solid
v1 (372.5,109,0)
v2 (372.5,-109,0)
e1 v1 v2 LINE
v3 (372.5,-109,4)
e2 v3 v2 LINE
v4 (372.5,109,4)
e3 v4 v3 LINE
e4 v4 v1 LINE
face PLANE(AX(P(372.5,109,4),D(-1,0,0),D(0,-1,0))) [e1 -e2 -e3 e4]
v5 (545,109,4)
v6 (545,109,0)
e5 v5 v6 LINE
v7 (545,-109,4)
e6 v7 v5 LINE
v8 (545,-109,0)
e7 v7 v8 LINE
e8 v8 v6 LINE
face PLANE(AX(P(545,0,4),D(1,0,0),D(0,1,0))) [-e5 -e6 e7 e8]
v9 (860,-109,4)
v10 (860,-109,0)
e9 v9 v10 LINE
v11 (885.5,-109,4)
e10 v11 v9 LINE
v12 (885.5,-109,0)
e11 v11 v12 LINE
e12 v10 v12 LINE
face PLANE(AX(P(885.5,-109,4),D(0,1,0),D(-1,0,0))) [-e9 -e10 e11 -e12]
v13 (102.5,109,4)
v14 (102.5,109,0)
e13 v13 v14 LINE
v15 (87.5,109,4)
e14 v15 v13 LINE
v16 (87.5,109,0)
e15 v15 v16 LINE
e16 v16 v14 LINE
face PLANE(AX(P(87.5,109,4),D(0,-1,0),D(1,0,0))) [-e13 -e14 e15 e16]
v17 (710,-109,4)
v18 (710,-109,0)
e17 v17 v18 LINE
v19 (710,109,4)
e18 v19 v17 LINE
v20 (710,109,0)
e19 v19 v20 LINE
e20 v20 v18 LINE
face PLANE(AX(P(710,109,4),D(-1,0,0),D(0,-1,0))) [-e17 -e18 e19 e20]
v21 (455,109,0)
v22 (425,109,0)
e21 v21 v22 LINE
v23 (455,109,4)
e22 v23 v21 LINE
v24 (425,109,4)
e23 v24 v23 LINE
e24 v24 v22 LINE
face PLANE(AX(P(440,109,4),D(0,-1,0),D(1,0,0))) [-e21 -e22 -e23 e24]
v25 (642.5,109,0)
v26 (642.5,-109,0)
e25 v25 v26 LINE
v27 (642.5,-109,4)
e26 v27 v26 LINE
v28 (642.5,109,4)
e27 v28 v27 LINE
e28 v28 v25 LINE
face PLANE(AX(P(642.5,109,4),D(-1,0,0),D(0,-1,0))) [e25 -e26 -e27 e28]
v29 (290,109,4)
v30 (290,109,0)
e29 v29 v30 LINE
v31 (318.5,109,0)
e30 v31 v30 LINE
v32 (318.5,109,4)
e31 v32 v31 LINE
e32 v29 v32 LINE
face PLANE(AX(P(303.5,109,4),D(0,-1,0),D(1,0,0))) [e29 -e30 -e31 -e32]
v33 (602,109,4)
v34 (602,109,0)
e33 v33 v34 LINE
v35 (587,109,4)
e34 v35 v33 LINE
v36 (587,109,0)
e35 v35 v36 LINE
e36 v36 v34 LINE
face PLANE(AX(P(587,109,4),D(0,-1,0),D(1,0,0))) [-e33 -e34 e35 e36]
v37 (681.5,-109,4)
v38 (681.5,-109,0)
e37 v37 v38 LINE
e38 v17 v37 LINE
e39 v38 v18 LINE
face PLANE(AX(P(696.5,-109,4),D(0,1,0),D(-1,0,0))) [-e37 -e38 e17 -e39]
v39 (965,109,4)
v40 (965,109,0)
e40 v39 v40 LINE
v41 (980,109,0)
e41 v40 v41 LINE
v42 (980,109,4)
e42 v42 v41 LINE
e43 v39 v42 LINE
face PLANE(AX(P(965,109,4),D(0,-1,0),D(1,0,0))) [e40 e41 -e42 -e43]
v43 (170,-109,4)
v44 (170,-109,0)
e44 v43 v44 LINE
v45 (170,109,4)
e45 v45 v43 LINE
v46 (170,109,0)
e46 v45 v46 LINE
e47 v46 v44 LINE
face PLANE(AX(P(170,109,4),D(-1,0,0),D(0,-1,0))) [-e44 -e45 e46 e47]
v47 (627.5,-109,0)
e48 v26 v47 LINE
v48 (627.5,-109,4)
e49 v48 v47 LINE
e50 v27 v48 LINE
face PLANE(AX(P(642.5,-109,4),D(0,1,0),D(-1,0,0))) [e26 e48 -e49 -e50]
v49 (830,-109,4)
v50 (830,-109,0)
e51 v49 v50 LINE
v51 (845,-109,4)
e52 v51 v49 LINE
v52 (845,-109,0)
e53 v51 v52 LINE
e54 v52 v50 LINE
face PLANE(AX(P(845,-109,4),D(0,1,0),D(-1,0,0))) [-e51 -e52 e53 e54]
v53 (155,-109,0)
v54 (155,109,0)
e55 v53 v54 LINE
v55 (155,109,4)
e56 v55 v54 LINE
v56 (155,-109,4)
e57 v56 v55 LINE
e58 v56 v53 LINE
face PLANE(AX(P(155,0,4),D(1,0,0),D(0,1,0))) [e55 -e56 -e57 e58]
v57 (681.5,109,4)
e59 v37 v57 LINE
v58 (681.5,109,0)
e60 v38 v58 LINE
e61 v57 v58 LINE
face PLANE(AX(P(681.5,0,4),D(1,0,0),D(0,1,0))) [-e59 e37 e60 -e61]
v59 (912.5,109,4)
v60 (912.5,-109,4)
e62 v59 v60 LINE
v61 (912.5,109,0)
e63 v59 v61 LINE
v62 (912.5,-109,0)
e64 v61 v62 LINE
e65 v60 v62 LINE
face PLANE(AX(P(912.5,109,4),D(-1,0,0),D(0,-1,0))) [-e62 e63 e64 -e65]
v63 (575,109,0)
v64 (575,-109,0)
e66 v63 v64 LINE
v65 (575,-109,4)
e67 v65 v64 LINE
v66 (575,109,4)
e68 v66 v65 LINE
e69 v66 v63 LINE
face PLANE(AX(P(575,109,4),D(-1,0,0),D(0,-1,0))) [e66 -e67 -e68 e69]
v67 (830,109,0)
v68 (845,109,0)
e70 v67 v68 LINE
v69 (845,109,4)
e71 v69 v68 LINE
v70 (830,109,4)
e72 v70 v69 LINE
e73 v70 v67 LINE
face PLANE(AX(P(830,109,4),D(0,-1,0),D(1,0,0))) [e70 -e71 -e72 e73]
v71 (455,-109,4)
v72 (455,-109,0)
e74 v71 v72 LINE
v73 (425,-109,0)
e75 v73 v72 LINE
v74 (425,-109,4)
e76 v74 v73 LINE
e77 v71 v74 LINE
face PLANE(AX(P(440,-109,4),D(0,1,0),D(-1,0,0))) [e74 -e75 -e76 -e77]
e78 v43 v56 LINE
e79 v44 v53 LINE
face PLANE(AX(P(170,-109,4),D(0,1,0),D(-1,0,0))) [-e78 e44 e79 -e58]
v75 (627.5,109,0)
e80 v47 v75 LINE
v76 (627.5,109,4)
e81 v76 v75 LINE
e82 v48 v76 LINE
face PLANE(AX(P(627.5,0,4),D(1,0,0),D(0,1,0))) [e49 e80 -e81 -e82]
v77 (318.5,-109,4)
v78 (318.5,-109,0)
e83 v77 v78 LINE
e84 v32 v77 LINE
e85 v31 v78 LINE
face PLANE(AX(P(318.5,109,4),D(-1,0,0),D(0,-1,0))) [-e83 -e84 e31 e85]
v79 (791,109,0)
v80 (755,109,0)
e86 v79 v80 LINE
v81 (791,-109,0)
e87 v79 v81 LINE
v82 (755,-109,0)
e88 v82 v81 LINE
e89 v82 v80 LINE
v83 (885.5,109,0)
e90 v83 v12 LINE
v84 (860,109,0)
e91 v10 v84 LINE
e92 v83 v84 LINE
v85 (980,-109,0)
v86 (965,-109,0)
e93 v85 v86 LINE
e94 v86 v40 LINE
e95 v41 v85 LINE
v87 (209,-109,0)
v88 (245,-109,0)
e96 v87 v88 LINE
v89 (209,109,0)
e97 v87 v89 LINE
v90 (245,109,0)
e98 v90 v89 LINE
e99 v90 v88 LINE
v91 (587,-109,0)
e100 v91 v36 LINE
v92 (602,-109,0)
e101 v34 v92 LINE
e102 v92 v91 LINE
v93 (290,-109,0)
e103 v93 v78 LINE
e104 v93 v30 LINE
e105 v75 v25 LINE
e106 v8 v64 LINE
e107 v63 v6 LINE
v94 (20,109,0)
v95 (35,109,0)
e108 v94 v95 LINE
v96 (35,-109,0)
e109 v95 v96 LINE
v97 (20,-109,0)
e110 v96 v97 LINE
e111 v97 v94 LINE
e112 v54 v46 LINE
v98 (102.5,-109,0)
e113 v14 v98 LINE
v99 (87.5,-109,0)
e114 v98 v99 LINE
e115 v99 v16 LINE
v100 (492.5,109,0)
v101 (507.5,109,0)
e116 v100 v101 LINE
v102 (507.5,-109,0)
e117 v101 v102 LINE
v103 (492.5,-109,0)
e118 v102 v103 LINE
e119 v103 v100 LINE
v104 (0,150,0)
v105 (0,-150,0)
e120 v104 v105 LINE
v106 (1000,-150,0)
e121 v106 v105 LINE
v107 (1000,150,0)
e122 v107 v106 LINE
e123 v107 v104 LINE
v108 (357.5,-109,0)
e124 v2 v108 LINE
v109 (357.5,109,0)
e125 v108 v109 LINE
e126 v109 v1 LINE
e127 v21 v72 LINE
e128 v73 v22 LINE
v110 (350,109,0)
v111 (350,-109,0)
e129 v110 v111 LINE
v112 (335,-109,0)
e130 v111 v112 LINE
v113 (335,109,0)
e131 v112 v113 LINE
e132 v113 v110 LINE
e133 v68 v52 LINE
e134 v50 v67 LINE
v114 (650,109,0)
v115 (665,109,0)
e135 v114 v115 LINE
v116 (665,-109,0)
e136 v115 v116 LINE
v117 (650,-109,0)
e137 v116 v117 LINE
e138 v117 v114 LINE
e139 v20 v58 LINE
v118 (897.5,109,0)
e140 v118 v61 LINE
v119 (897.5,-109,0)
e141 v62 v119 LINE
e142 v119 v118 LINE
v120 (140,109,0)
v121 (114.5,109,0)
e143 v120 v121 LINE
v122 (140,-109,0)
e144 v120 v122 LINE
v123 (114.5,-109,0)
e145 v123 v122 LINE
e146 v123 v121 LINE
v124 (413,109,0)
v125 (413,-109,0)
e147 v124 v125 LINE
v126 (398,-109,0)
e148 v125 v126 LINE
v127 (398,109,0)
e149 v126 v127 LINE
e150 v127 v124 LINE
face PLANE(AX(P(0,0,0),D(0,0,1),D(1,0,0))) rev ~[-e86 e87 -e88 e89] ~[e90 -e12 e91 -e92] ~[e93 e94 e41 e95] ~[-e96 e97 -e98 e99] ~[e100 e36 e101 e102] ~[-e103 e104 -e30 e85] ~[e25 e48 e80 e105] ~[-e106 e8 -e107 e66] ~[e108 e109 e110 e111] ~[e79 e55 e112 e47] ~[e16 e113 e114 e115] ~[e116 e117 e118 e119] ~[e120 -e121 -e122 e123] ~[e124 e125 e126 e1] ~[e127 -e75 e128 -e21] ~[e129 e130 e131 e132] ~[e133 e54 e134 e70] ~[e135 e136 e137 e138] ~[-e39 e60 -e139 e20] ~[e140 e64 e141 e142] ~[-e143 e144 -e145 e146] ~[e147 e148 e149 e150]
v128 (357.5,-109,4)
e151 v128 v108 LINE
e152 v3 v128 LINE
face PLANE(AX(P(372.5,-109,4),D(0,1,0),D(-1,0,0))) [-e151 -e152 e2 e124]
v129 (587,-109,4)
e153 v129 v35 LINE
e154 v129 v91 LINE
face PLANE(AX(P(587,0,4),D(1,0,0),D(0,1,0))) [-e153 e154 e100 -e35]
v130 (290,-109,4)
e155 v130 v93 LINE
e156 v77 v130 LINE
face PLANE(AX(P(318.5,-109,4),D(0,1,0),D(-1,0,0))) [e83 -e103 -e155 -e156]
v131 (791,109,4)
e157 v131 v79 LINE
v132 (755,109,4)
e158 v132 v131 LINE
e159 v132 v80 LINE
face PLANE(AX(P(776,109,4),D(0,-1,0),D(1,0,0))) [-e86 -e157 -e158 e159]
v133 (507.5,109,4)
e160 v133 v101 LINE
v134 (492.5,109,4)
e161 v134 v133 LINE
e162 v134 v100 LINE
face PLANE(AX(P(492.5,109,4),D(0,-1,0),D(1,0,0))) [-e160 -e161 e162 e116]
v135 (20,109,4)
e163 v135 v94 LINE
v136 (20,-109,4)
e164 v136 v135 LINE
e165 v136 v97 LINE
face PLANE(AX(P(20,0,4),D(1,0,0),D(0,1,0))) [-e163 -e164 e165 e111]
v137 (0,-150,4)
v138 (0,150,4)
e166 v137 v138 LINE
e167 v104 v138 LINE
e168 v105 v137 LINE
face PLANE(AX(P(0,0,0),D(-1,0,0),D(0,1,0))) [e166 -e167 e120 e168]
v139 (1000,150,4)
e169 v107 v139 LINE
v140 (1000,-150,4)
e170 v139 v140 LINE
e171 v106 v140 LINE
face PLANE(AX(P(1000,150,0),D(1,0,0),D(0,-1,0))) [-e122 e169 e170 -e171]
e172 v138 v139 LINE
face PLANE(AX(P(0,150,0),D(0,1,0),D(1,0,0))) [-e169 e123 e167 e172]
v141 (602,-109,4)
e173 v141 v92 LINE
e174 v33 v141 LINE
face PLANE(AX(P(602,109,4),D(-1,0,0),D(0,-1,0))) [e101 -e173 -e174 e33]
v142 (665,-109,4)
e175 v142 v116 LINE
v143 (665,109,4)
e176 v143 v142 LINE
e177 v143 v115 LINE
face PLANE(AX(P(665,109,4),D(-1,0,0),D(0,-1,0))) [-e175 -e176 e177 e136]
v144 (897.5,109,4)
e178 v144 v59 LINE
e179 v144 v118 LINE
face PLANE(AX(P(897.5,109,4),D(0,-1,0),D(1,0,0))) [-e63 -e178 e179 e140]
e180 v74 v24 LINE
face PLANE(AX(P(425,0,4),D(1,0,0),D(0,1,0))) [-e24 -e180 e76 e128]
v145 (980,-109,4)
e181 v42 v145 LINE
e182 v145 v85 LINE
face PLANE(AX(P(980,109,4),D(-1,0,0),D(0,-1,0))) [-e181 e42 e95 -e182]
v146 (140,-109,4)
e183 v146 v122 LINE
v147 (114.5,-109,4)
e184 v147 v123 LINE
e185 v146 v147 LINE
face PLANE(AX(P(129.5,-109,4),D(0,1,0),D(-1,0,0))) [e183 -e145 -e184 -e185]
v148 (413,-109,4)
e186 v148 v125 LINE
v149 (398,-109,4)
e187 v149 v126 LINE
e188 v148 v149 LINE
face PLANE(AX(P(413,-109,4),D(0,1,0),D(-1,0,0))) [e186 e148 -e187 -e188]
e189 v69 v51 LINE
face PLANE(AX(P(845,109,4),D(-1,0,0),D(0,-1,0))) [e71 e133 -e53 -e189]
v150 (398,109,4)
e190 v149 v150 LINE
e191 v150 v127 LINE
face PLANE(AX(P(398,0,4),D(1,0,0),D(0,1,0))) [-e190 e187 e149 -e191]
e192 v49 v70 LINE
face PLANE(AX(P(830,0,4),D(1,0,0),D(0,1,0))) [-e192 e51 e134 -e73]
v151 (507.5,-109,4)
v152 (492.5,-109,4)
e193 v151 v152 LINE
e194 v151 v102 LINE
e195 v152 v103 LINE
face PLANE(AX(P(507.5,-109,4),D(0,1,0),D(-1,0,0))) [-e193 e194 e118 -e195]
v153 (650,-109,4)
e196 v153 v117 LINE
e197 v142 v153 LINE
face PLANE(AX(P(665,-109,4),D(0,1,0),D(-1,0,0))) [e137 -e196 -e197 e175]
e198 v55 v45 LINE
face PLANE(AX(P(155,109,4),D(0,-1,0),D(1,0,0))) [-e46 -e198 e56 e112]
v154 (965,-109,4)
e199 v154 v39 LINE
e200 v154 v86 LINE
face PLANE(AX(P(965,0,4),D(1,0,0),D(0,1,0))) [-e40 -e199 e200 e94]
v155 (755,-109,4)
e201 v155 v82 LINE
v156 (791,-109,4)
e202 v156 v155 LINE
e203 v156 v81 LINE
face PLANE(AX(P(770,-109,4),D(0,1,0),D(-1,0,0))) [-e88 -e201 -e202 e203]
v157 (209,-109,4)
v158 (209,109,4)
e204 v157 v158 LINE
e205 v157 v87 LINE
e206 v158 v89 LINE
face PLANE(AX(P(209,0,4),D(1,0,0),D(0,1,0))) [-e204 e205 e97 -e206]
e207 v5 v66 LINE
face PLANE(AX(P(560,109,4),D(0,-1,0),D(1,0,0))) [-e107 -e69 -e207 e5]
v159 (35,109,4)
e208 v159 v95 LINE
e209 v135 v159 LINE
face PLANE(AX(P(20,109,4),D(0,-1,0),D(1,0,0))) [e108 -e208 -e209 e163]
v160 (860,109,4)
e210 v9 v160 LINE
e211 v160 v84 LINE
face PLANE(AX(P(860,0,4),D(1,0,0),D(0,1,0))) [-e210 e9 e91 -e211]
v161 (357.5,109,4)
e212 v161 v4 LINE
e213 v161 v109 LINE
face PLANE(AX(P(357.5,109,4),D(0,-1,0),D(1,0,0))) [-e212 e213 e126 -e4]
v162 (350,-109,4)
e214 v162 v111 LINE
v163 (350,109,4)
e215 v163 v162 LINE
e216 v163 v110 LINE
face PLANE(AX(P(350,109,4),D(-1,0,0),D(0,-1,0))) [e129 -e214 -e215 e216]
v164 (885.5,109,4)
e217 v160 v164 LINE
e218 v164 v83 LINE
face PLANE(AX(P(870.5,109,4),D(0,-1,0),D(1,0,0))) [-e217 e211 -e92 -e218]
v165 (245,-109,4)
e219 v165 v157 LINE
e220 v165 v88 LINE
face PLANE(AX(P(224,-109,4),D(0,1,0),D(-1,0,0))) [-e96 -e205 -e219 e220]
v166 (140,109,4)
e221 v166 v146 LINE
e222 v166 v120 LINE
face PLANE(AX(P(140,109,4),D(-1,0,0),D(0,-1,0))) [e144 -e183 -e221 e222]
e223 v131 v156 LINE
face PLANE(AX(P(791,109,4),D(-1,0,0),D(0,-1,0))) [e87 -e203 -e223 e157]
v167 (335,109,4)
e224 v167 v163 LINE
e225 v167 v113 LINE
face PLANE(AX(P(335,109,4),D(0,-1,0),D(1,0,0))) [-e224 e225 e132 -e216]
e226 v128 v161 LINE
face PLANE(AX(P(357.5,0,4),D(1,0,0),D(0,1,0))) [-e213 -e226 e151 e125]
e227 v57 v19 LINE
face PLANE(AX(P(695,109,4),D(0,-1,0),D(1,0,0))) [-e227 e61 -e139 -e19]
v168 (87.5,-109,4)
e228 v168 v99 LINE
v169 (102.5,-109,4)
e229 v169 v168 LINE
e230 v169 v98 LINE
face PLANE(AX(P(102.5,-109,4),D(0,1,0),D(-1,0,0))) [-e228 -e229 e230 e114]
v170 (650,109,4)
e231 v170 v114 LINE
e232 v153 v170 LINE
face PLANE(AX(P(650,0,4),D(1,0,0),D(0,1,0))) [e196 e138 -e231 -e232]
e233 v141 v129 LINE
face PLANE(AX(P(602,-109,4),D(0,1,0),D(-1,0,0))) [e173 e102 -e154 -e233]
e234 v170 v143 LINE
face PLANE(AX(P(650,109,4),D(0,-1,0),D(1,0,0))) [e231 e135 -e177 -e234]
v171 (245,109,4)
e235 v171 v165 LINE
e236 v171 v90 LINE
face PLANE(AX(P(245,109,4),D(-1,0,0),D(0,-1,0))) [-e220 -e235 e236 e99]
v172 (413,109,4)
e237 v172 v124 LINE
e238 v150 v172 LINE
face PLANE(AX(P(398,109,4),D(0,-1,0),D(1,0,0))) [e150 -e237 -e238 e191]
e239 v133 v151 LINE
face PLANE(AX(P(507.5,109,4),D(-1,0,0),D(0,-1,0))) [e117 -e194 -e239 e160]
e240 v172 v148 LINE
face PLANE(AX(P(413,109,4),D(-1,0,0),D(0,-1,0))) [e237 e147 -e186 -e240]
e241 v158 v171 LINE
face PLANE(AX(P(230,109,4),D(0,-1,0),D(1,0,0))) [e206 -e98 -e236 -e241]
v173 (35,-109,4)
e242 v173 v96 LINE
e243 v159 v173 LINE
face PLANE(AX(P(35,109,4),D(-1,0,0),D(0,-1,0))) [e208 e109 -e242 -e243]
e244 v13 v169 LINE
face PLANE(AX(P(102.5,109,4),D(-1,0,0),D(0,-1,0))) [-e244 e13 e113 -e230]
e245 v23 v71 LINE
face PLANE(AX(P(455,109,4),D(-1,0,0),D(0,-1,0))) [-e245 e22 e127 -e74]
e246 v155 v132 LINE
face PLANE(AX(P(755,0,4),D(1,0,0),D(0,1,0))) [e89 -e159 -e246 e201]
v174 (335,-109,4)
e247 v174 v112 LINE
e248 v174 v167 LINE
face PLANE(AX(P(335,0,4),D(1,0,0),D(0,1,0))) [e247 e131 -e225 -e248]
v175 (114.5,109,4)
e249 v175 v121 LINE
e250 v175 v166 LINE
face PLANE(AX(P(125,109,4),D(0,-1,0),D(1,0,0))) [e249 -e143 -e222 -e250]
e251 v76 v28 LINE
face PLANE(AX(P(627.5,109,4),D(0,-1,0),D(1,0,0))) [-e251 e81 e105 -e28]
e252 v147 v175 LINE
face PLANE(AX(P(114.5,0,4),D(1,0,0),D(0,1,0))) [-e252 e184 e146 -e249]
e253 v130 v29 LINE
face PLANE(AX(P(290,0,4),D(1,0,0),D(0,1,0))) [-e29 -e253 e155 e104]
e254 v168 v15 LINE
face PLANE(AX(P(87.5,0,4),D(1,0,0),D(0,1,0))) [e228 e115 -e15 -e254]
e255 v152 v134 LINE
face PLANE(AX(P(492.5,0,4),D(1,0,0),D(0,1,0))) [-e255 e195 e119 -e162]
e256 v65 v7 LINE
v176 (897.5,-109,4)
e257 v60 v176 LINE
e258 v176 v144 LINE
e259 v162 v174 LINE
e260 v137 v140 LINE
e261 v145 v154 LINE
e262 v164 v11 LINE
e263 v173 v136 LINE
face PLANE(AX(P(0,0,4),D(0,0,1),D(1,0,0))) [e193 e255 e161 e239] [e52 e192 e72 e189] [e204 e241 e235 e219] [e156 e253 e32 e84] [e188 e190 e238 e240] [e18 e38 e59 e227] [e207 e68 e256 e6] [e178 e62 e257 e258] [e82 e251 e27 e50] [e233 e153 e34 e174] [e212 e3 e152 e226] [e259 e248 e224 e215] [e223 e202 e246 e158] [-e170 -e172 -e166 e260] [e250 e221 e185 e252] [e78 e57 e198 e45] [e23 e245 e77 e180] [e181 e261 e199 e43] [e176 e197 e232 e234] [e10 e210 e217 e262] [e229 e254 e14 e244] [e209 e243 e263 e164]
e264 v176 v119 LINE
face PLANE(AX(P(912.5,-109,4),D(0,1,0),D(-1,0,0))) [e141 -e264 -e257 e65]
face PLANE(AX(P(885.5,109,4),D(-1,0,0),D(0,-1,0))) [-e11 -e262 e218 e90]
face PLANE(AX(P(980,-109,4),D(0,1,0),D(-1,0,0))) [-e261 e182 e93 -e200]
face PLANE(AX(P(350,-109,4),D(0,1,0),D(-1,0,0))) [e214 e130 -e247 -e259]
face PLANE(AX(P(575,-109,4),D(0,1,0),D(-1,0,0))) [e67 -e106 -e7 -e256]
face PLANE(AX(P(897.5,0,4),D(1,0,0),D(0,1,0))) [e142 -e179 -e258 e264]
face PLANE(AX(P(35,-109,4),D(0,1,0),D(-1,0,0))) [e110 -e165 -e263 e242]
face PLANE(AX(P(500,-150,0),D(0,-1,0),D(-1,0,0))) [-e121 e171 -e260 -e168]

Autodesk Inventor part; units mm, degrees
ref_plane "YZ Plane" through (0, 0, 0) normal (1, 0, 0) x (0, 1, 0)
ref_plane "XZ Plane" through (0, 0, 0) normal (0, 1, 0) x (-1, 0, 0)
sketch "ferrite_layer_outline_sketch" plane through (0, 0, 0) normal (0, 0, 1) x (1, 0, 0)
  line L0 (0, 150) -> (1000, 150)
  line L1 (1000, 150) -> (1000, -150)
  line L2 (1000, -150) -> (0, -150)
  line L3 (0, -150) -> (0, 150)
  line L4 (-160, 0) -> (960, 0) projected
  line L5 (500, 150) -> (500, -150) construction
  line L6 (500, 366.8869) -> (500, -324.3455) construction
  line L7 (500, 150) -> (500, -150)
  point P0 (0, 0)
  point P1 (0, 0)
  point P2 (0, 0)
  point P3 (0, 0)
  point P4 (20, 0)
  dimension "d0" = 1000
  dimension "d1" = 300
extrude "Extrusion8" add sketch "ferrite_layer_outline_sketch" along normal blind 4
ref_plane "acrylic_sheet_plane" through (0, 0, 4) normal (0, 0, 1) x (1, 0, 0)
sketch "Sketch4" plane through (0, 0, 4) normal (0, 0, 1) x (1, 0, 0)
  line L0 (20, 109) -> (35, 109)
  line L1 (35, 109) -> (35, -109)
  line L2 (35, -109) -> (20, -109)
  line L3 (20, -109) -> (20, 109)
  line L4 (-12.6534, 0) -> (47.471, 0)
  line L5 (0, 150) -> (0, -150) projected
  line L6 (1000, 150) -> (0, 150) projected
  line L7 (0, -150) -> (1000, -150) projected
  point P0 (0, 0)
  point P1 (20, 0)
  point P2 (0, 0)
  point P3 (500, 150)
  point P4 (500, -150)
  dimension "d43" = 15
  dimension "d44" = 218
  dimension "d45" = 20
extrude "Extrusion9" cut sketch "Sketch4" against normal through all
pattern_linear "Rectangular Pattern 11 fer" count 11 spacing 94.5 along (1, 0, 0) of "Extrusion9"
pattern_linear "Rectangular Pattern 8 fer" count 8 spacing 135 along (1, 0, 0) of "Extrusion9"
pattern_linear "Rectangular Pattern 10 fer" count 10 spacing 105 along (1, 0, 0) of "Extrusion9"
pattern_linear "pattern_test_#_of_ferrites 15 fer" count 15 spacing 67.5 along (1, 0, 0) of "Extrusion9"
equation "\"d0\" = track_length"
equation "\"d1\" = track_width"
equation "\"d43\" = ferrite_width"
equation "\"d44\" = ferrite_length"
equation "\"d45\" = gap_distance"
equation "\"d50\" = parameter_5"
equation "\"d62\" = test_parameter_5"
equation "\"track_length\" = 1000"
equation "\"track_width\" = 300"
equation "\"gap_distance\" = 20"
equation "\"ferrite_length\" = 218"
equation "\"ferrite_width\" = 15"
equation "\"ferrite_height\" = 8"
equation "\"acrylic_sheet_8mm\" = 8"
equation "\"parameter_5\" = 94.5"
equation "\"test_parameter_5\" = 67.5"
properties part number "ferrite_layer_dex"
